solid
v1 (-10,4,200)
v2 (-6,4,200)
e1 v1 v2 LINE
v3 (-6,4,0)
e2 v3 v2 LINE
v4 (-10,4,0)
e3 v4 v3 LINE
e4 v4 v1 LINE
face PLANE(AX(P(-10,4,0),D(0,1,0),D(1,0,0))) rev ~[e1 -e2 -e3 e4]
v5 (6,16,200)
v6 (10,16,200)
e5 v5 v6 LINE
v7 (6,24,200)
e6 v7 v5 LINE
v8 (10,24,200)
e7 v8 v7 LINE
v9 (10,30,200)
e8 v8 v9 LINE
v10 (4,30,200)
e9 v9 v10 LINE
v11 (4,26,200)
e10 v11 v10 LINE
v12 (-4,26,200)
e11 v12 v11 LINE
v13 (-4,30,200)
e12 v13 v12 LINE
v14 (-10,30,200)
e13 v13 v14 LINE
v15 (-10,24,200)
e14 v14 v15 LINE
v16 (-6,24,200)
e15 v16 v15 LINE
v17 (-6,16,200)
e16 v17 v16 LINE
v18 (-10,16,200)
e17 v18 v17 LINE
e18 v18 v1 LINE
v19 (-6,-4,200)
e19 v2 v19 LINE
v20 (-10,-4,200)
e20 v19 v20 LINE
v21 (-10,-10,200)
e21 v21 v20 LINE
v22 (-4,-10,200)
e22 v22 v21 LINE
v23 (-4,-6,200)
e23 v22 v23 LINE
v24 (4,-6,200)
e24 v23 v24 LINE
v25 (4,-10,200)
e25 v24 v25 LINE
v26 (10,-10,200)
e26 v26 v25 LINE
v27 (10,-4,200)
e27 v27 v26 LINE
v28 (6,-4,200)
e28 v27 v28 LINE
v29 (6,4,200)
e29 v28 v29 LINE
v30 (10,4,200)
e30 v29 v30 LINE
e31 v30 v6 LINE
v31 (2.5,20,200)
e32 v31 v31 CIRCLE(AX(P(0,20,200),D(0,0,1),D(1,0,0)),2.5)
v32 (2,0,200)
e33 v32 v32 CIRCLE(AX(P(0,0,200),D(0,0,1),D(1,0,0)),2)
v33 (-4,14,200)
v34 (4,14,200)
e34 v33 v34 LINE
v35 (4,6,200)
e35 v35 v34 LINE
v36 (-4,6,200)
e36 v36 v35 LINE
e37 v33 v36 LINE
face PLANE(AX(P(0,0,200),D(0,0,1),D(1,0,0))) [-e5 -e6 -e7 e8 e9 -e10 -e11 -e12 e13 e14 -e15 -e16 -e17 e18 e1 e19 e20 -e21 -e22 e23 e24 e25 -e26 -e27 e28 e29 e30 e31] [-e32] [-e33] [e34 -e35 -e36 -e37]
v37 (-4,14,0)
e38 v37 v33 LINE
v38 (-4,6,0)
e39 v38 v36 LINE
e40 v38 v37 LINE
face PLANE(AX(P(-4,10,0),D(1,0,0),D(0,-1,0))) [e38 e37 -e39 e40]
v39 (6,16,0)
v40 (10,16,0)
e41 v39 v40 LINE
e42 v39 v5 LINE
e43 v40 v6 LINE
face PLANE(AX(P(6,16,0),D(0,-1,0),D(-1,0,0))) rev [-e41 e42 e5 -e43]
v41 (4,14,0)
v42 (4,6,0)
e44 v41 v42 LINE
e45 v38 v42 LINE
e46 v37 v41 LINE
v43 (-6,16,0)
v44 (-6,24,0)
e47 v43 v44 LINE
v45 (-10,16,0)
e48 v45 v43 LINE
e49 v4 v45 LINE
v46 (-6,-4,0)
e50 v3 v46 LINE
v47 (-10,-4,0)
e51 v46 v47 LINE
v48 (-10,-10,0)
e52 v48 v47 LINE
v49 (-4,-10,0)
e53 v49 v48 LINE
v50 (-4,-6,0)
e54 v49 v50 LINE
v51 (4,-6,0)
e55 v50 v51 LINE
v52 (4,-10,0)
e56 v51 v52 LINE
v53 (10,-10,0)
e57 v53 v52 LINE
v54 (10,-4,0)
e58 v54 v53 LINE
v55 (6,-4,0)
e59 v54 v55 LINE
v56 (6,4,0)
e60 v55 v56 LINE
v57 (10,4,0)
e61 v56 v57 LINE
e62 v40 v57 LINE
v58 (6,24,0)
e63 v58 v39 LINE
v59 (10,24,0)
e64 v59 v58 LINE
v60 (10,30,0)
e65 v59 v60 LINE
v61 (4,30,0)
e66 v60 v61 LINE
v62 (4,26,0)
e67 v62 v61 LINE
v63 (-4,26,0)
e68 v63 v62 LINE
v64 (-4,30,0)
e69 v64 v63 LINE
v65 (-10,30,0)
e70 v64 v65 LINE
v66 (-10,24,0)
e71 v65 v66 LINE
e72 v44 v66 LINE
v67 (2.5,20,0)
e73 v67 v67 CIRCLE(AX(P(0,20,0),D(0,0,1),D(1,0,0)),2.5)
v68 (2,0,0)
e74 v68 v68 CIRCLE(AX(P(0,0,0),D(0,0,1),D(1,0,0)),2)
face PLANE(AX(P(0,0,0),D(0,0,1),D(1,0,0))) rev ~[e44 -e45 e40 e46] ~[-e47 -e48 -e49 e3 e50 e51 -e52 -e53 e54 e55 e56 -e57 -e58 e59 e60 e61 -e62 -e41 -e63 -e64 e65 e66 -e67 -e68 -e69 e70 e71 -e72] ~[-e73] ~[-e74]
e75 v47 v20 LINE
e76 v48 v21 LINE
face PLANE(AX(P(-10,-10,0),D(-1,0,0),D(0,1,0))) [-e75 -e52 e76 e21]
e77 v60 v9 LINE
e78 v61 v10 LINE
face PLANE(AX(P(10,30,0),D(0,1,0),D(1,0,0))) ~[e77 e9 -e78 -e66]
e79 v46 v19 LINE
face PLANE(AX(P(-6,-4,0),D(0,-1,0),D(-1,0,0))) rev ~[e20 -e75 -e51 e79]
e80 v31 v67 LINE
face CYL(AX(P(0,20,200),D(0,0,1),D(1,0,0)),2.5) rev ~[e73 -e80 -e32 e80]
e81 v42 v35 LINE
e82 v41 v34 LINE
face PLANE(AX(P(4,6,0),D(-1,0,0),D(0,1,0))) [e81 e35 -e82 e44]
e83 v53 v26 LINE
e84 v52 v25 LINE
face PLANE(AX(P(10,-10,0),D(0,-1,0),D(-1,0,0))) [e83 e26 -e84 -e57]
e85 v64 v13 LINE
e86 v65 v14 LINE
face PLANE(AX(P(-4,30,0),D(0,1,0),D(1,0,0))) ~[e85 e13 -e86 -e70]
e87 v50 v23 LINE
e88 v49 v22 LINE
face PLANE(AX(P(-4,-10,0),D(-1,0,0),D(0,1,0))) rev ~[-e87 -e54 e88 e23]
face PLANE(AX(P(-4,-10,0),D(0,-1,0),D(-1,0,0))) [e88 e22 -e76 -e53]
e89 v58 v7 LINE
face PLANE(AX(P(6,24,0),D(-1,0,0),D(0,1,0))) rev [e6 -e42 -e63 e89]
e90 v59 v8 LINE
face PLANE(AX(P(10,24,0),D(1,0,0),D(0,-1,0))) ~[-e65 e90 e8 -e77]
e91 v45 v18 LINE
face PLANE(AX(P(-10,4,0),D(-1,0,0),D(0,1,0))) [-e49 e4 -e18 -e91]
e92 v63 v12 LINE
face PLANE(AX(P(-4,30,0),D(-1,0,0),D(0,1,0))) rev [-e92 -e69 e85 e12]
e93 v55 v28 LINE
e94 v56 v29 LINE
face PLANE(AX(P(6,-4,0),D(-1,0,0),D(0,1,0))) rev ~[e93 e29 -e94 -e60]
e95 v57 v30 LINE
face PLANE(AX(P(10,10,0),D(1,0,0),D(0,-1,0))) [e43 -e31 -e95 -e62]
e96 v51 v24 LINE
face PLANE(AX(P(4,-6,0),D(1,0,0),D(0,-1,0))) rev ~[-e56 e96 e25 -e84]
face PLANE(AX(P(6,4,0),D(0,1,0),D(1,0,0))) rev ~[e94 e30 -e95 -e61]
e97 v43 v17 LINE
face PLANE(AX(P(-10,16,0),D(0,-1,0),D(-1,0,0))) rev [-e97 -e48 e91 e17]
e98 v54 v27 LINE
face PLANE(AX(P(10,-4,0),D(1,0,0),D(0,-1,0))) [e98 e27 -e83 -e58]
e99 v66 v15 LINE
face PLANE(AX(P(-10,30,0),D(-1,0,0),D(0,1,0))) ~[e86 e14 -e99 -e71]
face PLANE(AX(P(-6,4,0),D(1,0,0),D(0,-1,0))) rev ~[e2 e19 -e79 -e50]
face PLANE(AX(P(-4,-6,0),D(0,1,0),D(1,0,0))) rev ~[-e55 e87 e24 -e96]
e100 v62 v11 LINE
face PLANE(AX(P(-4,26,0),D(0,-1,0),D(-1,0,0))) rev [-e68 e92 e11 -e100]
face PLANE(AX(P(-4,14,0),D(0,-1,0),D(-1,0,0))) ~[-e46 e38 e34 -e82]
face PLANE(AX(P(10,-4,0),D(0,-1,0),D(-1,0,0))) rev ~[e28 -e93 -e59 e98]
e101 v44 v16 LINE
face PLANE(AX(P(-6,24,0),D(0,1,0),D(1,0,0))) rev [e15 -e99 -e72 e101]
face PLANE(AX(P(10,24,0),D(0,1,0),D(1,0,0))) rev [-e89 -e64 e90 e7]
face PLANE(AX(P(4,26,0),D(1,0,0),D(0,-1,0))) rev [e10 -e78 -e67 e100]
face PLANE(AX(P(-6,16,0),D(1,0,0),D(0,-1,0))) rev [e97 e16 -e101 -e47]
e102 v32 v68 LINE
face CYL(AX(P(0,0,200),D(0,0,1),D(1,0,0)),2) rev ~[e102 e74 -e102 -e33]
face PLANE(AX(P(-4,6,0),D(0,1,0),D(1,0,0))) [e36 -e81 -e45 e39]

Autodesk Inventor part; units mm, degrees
ref_plane "YZ Plane" through (0, 0, 0) normal (1, 0, 0) x (0, 1, 0)
ref_plane "XZ Plane" through (0, 0, 0) normal (0, 1, 0) x (-1, 0, 0)
ref_plane "XY Plane" through (0, 0, 0) normal (0, 0, 1) x (1, 0, 0)
sketch "Sketch1" plane through (0, 0, 0) normal (0, 0, 1) x (1, 0, 0)
  line L0 (10, -10) -> (-10, 10) construction
  line L1 (-10, -10) -> (10, 10) construction
  line L2 (-4, 6) -> (4, 6)
  line L3 (4, 6) -> (4, 14)
  line L4 (4, 14) -> (-4, 14)
  line L5 (-4, 14) -> (-4, 6)
  line L6 (-4, 6) -> (4, 14) construction
  line L7 (4, 6) -> (-4, 14) construction
  line L8 (14, -4) -> (6, -4)
  line L9 (6, -4) -> (6, 4)
  line L10 (6, 4) -> (14, 4)
  line L11 (14, 4) -> (14, -4)
  line L12 (14, -4) -> (6, 4) construction
  line L13 (6, -4) -> (14, 4) construction
  line L14 (-4, -6) -> (4, -6)
  line L15 (4, -6) -> (4, -14)
  line L16 (4, -14) -> (-4, -14)
  line L17 (-4, -14) -> (-4, -6)
  line L18 (-4, -6) -> (4, -14) construction
  line L19 (4, -6) -> (-4, -14) construction
  line L20 (-14, 4) -> (-6, 4)
  line L21 (-6, 4) -> (-6, -4)
  line L22 (-6, -4) -> (-14, -4)
  line L23 (-14, -4) -> (-14, 4)
  line L24 (-14, 4) -> (-6, -4) construction
  line L25 (-6, 4) -> (-14, -4) construction
  line L26 (-10, -10) -> (-10, 0)
  line L27 (-10, 4) -> (-10, 10)
  line L28 (-10, 10) -> (0, 10)
  line L29 (4, 10) -> (10, 10)
  line L30 (10, 10) -> (10, 4)
  line L31 (10, 0) -> (10, -10)
  line L32 (10, -10) -> (4, -10)
  line L33 (0, -10) -> (-10, -10)
  point P0 (0, 0)
  point P1 (-4, 10)
  point P2 (10, -4)
  point P3 (-4, -10)
  point P4 (-10, -4)
  dimension "d0" = 20
  dimension "d1" = 20
  dimension "d2" = 8
  dimension "d3" = 8
  dimension "d4" = 8
  dimension "d5" = 8
  dimension "d6" = 8
  dimension "d7" = 8
  dimension "d8" = 8
  dimension "d9" = 8
extrude "Extrusion1" add sketch "Sketch1" along normal blind 200 contours L2 L3 L29 L30 L10 L9 L8 L31 L32 L15 L14 L17 L33 L26 L22 L21 L20 L27 L28 L5
ref_plane "Work Plane1" through (4, 0, 0) normal (0, 1, 0) x (1, 0, 0)
ref_plane "Work Plane2" through (0, -10, 0) normal (1, 0, 0) x (0, 0, -1)
mirror "Mirror1" about plane through (10, 10, 0) normal (0, 1, 0) of "Extrusion1"
sketch "Sketch2" plane through (0, 0, 200) normal (0, 0, 1) x (1, 0, 0)
  line L0 (-10, 4) -> (-10, 16) projected
  line L1 (-10, 4) -> (-6, 4) projected
  line L2 (-6, 4) -> (-6, -4) projected
  line L3 (-6, -4) -> (-10, -4) projected
  line L4 (-10, -4) -> (-10, -10) projected
  line L5 (-10, -10) -> (-4, -10) projected
  line L6 (-4, -10) -> (-4, -6) projected
  line L7 (-4, -6) -> (4, -6) projected
  line L8 (4, -6) -> (4, -10) projected
  line L9 (4, -10) -> (10, -10) projected
  line L10 (10, -10) -> (10, -4) projected
  line L11 (10, -4) -> (6, -4) projected
  line L12 (6, -4) -> (6, 4) projected
  line L13 (6, 4) -> (10, 4) projected
  line L14 (10, 4) -> (10, 16) projected
  line L15 (6, 16) -> (10, 16) projected
  line L16 (6, 24) -> (6, 16) projected
  line L17 (10, 24) -> (6, 24) projected
  line L18 (10, 30) -> (10, 24) projected
  line L19 (4, 30) -> (10, 30) projected
  line L20 (4, 26) -> (4, 30) projected
  line L21 (-4, 26) -> (4, 26) projected
  line L22 (-4, 30) -> (-4, 26) projected
  line L23 (-10, 30) -> (-4, 30) projected
  line L24 (-10, 24) -> (-10, 30) projected
  line L25 (-6, 24) -> (-10, 24) projected
  line L26 (-6, 16) -> (-6, 24) projected
  line L27 (-10, 16) -> (-6, 16) projected
  line L28 (-4, 6) -> (-4, 14) projected
  line L29 (4, 14) -> (-4, 14) projected
  line L30 (4, 6) -> (4, 14) projected
  line L31 (4, 6) -> (-4, 6) projected
  circle A0 centre (0, 20) radius 2.5
  circle A1 centre (0, 0) radius 2
  point P0 (0, 0)
  dimension "d12" = 5
  dimension "d13" = 4
  dimension "d14" = 20
  dimension "d15" = 10
extrude "Extrusion2" cut sketch "Sketch2" against normal through all contours A0 | A1
ref_plane "Work Plane3" through (0, 4, 200) normal (1, 0, 0) x (0, 0, -1)
properties part number "Neje_Base_Rod_20mm"
